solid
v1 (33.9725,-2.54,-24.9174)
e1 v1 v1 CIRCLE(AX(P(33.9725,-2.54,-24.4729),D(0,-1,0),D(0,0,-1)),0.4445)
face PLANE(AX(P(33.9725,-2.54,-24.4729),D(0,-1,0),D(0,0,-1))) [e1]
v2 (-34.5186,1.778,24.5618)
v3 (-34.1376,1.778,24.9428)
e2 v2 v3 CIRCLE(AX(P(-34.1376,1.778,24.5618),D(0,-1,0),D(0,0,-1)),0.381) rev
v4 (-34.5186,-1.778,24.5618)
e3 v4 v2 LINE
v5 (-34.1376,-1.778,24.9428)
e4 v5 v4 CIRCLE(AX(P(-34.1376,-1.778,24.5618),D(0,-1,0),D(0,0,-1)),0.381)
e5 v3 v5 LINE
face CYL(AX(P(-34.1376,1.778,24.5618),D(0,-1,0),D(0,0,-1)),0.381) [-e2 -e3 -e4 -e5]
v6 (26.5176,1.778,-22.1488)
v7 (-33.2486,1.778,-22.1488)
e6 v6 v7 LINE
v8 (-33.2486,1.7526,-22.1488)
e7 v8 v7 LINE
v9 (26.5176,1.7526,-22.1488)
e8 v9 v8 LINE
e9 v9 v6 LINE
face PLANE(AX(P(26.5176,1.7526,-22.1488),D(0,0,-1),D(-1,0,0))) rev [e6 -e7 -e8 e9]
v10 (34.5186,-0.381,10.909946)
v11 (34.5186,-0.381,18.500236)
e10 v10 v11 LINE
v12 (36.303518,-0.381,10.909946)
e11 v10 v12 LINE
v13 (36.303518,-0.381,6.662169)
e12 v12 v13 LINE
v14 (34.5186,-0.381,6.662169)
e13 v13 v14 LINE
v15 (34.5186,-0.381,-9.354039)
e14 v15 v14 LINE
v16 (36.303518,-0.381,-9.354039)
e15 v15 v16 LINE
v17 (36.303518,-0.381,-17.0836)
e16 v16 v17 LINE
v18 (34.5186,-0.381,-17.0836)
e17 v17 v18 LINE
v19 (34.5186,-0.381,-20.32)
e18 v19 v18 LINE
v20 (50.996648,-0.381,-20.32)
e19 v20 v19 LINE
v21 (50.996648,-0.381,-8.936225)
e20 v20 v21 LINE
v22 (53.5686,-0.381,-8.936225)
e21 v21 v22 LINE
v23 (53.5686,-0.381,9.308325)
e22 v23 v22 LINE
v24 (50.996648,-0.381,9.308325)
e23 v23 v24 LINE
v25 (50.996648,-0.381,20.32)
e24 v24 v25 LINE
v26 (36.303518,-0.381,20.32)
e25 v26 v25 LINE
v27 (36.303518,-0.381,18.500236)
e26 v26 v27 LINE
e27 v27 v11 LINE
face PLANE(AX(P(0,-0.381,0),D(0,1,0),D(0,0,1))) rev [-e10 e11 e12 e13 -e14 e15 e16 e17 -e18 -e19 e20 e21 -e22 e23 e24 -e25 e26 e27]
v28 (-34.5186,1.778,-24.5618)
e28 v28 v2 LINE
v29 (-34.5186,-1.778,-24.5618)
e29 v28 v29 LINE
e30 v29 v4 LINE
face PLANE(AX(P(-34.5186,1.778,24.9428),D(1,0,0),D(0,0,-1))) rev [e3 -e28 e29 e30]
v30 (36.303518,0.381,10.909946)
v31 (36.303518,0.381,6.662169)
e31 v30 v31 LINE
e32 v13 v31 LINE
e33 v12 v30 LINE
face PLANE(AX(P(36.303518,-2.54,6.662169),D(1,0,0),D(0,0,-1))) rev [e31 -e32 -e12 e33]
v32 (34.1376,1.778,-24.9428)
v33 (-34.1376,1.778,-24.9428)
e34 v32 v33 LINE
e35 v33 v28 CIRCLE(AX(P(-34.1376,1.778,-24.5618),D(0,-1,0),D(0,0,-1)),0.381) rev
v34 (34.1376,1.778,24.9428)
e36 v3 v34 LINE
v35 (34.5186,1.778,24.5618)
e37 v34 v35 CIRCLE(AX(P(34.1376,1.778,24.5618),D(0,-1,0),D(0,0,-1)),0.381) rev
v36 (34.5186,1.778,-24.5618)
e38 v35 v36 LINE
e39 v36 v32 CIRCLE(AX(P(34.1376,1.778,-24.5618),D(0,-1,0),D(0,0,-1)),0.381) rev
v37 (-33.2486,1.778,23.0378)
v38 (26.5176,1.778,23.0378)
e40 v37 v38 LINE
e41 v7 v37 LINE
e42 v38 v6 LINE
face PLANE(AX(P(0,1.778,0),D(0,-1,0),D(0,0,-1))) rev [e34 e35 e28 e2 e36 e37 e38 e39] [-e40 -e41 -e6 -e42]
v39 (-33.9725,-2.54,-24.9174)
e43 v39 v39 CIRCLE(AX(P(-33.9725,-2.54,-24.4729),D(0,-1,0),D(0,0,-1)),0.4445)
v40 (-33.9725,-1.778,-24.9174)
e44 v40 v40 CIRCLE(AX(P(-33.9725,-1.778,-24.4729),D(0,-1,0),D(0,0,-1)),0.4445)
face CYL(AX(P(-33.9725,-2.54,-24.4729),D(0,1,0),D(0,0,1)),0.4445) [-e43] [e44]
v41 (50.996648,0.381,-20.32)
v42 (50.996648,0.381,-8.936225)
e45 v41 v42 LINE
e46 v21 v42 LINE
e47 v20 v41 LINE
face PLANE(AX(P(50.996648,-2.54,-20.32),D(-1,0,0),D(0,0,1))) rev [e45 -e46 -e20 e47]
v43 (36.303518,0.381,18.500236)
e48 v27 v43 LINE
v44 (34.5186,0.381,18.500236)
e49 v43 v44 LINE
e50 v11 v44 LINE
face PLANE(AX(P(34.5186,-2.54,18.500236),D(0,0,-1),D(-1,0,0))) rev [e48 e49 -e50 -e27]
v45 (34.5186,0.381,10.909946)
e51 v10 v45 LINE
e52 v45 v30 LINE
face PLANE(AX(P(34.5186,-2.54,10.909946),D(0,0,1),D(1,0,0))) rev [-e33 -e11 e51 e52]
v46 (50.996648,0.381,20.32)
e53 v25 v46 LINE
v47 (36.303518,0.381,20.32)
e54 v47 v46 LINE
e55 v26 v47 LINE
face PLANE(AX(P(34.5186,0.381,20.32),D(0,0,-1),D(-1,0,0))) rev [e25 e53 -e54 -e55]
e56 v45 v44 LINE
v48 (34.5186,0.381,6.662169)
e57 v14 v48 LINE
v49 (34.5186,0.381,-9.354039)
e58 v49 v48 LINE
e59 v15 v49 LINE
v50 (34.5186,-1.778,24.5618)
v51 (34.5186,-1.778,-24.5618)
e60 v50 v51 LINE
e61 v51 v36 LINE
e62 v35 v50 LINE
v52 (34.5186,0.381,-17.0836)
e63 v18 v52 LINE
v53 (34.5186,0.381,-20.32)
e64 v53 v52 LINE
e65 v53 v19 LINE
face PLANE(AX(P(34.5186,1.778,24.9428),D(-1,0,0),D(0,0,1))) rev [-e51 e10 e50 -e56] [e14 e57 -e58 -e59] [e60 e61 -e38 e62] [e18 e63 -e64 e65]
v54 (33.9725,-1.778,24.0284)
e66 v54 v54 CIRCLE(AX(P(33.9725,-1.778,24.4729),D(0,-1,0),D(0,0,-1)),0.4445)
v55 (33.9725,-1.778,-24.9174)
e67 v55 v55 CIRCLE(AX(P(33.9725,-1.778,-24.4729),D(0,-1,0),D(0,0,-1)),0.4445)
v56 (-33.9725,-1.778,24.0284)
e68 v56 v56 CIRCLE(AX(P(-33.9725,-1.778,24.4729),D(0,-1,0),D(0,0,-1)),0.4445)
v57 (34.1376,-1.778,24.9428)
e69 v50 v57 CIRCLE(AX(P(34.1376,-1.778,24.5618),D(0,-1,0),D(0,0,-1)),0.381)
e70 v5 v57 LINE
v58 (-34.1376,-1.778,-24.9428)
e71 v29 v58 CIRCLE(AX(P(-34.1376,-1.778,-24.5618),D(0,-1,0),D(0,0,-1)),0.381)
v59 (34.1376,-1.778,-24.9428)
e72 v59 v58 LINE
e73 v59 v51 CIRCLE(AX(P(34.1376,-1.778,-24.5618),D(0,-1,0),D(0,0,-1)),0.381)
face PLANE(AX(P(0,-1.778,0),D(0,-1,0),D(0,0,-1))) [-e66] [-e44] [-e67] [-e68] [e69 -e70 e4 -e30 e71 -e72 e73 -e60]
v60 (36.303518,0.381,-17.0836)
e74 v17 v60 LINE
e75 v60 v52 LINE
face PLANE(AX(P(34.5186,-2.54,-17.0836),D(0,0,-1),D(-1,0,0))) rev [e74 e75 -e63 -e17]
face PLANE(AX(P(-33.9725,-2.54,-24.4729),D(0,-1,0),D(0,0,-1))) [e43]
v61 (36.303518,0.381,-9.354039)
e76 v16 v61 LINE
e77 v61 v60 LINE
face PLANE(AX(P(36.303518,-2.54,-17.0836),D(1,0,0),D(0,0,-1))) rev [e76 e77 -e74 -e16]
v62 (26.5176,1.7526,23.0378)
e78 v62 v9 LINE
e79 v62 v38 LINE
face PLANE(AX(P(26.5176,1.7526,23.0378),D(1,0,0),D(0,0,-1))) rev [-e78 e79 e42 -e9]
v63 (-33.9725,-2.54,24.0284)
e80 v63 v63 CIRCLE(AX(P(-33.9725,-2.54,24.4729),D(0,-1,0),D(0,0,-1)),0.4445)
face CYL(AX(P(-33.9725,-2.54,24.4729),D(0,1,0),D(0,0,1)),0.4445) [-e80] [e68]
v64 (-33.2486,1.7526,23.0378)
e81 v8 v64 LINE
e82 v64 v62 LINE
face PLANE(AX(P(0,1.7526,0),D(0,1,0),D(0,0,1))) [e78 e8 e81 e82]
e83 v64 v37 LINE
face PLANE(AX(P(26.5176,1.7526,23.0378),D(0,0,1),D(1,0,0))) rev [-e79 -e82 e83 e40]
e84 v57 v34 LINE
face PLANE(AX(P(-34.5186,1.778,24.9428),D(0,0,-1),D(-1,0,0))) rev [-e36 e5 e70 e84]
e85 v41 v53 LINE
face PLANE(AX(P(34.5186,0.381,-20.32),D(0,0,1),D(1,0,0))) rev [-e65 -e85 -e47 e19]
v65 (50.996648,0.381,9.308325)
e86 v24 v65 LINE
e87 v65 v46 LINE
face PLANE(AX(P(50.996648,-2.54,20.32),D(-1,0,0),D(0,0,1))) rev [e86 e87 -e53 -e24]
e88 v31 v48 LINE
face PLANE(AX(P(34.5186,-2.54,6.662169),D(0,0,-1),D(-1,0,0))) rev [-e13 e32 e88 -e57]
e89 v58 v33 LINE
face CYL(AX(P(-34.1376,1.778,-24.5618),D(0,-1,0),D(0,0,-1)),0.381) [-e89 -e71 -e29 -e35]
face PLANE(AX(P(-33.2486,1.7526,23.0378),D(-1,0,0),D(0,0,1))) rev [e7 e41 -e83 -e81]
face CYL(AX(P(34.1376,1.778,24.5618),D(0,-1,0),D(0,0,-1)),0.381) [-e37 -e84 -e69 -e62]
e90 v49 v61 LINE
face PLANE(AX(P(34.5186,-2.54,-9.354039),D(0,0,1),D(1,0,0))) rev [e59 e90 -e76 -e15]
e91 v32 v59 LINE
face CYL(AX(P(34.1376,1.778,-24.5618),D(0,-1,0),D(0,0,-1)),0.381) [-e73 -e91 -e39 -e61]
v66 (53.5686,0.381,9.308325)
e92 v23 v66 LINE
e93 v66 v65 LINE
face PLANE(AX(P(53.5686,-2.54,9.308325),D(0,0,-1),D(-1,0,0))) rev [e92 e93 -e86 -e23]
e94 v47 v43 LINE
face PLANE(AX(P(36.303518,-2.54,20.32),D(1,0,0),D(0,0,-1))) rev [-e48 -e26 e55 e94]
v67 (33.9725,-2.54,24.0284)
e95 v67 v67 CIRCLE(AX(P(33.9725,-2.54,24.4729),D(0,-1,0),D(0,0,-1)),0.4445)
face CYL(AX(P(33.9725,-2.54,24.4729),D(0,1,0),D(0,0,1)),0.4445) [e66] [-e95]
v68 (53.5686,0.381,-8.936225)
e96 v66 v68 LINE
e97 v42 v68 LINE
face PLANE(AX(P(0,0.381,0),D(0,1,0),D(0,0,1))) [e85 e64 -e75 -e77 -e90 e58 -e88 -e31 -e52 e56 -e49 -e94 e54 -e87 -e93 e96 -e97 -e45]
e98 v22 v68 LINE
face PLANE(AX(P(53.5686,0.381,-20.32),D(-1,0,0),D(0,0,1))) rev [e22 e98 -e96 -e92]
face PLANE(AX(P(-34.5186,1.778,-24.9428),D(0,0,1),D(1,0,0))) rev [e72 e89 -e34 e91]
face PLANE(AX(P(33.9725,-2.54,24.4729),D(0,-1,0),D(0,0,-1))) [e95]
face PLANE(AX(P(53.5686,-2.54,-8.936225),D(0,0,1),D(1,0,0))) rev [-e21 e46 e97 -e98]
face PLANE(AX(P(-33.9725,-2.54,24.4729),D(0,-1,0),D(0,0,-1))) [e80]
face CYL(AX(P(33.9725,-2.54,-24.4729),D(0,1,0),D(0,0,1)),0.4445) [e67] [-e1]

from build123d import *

# Parameters (mm, degrees)
SKETCH1_W           = 69.0372
SKETCH1_H           = 49.8856
BOSS_EXTRUDE1_DEPTH = 1.778
FILLET1_R           = 0.381
SKETCH2_W           = 59.7662
SKETCH2_H           = 45.1866
CUT_EXTRUDE1_DEPTH  = 0.0254
SKETCH3_R           = 0.4445
BOSS_EXTRUDE2_DEPTH = 0.762
SKETCH5_W           = 19.05
SKETCH5_H           = 40.64
BOSS_EXTRUDE3_DEPTH = 0.381
SKETCH6_W           = 2.571951578
SKETCH6_H           = 11.383775042
SKETCH6_H_2         = 11.011674943
SKETCH6_W_2         = 1.784918448
SKETCH6_H_3         = 1.819764249
SKETCH6_H_4         = 4.247776912
SKETCH6_H_5         = 7.729561266
CUT_EXTRUDE2_DEPTH  = 60.163083243


with BuildPart() as part:
    # Sketch1 → Boss-Extrude1 (new, symmetric)
    with BuildSketch(Plane(origin=(0, 0, 0), x_dir=(1, 0, 0), z_dir=(0, 1, 0))):
        Rectangle(SKETCH1_W, SKETCH1_H)
    extrude(amount=BOSS_EXTRUDE1_DEPTH, both=True)

    # Fillet1
    fillet1_edges = [part.edges().sort_by_distance(p)[0] for p in [
        (34.5186, 0, 24.9428),
        (-34.5186, 0, 24.9428),
        (-34.5186, 0, -24.9428),
        (34.5186, 0, -24.9428),
    ]]
    fillet(fillet1_edges, radius=FILLET1_R)

    # Sketch2 → Cut-Extrude1 (cut)
    with BuildSketch(Plane(origin=(0, 1.778, 0), x_dir=(1, 0, 0), z_dir=(0, 1, 0))):
        with Locations((-3.3655, -0.4445)):
            Rectangle(SKETCH2_W, SKETCH2_H)
    extrude(amount=-CUT_EXTRUDE1_DEPTH, mode=Mode.SUBTRACT)

    # Sketch3 → Boss-Extrude2 (add)
    with BuildSketch(Plane.XZ.offset(1.778)):
        with Locations(Location((-33.9725, 24.4729, 0), (0, 0, 270))):
            Circle(SKETCH3_R)
        with Locations(Location((33.9725, 24.4729, 0), (0, 0, 270))):
            Circle(SKETCH3_R)
        with Locations(Location((33.9725, -24.4729, 0), (0, 0, 270))):
            Circle(SKETCH3_R)
        with Locations(Location((-33.9725, -24.4729, 0), (0, 0, 270))):
            Circle(SKETCH3_R)
    extrude(amount=BOSS_EXTRUDE2_DEPTH)

    # Sketch5 → Boss-Extrude3 (add, symmetric)
    with BuildSketch(Plane(origin=(0, 0, 0), x_dir=(1, 0, 0), z_dir=(0, 1, 0))):
        with Locations((44.0436, 0)):
            Rectangle(SKETCH5_W, SKETCH5_H)
    extrude(amount=BOSS_EXTRUDE3_DEPTH, both=True)

    # Sketch6 → Cut-Extrude2 (cut, through all)
    with BuildSketch(Plane(origin=(0, 0.381, 0), x_dir=(1, 0, 0), z_dir=(0, 1, 0))):
        with Locations((52.282624211, 14.628112479)):
            Rectangle(SKETCH6_W, SKETCH6_H)
        with Locations((52.282624211, -14.814162529)):
            Rectangle(SKETCH6_W, SKETCH6_H_2)
        with Locations((35.411059224, -19.410117875)):
            Rectangle(SKETCH6_W_2, SKETCH6_H_3)
        with Locations((35.411059224, -8.786057404)):
            Rectangle(SKETCH6_W_2, SKETCH6_H_4)
        with Locations((35.411059224, 13.218819714)):
            Rectangle(SKETCH6_W_2, SKETCH6_H_5)
    extrude(amount=-CUT_EXTRUDE2_DEPTH, mode=Mode.SUBTRACT)


solid = part.part
